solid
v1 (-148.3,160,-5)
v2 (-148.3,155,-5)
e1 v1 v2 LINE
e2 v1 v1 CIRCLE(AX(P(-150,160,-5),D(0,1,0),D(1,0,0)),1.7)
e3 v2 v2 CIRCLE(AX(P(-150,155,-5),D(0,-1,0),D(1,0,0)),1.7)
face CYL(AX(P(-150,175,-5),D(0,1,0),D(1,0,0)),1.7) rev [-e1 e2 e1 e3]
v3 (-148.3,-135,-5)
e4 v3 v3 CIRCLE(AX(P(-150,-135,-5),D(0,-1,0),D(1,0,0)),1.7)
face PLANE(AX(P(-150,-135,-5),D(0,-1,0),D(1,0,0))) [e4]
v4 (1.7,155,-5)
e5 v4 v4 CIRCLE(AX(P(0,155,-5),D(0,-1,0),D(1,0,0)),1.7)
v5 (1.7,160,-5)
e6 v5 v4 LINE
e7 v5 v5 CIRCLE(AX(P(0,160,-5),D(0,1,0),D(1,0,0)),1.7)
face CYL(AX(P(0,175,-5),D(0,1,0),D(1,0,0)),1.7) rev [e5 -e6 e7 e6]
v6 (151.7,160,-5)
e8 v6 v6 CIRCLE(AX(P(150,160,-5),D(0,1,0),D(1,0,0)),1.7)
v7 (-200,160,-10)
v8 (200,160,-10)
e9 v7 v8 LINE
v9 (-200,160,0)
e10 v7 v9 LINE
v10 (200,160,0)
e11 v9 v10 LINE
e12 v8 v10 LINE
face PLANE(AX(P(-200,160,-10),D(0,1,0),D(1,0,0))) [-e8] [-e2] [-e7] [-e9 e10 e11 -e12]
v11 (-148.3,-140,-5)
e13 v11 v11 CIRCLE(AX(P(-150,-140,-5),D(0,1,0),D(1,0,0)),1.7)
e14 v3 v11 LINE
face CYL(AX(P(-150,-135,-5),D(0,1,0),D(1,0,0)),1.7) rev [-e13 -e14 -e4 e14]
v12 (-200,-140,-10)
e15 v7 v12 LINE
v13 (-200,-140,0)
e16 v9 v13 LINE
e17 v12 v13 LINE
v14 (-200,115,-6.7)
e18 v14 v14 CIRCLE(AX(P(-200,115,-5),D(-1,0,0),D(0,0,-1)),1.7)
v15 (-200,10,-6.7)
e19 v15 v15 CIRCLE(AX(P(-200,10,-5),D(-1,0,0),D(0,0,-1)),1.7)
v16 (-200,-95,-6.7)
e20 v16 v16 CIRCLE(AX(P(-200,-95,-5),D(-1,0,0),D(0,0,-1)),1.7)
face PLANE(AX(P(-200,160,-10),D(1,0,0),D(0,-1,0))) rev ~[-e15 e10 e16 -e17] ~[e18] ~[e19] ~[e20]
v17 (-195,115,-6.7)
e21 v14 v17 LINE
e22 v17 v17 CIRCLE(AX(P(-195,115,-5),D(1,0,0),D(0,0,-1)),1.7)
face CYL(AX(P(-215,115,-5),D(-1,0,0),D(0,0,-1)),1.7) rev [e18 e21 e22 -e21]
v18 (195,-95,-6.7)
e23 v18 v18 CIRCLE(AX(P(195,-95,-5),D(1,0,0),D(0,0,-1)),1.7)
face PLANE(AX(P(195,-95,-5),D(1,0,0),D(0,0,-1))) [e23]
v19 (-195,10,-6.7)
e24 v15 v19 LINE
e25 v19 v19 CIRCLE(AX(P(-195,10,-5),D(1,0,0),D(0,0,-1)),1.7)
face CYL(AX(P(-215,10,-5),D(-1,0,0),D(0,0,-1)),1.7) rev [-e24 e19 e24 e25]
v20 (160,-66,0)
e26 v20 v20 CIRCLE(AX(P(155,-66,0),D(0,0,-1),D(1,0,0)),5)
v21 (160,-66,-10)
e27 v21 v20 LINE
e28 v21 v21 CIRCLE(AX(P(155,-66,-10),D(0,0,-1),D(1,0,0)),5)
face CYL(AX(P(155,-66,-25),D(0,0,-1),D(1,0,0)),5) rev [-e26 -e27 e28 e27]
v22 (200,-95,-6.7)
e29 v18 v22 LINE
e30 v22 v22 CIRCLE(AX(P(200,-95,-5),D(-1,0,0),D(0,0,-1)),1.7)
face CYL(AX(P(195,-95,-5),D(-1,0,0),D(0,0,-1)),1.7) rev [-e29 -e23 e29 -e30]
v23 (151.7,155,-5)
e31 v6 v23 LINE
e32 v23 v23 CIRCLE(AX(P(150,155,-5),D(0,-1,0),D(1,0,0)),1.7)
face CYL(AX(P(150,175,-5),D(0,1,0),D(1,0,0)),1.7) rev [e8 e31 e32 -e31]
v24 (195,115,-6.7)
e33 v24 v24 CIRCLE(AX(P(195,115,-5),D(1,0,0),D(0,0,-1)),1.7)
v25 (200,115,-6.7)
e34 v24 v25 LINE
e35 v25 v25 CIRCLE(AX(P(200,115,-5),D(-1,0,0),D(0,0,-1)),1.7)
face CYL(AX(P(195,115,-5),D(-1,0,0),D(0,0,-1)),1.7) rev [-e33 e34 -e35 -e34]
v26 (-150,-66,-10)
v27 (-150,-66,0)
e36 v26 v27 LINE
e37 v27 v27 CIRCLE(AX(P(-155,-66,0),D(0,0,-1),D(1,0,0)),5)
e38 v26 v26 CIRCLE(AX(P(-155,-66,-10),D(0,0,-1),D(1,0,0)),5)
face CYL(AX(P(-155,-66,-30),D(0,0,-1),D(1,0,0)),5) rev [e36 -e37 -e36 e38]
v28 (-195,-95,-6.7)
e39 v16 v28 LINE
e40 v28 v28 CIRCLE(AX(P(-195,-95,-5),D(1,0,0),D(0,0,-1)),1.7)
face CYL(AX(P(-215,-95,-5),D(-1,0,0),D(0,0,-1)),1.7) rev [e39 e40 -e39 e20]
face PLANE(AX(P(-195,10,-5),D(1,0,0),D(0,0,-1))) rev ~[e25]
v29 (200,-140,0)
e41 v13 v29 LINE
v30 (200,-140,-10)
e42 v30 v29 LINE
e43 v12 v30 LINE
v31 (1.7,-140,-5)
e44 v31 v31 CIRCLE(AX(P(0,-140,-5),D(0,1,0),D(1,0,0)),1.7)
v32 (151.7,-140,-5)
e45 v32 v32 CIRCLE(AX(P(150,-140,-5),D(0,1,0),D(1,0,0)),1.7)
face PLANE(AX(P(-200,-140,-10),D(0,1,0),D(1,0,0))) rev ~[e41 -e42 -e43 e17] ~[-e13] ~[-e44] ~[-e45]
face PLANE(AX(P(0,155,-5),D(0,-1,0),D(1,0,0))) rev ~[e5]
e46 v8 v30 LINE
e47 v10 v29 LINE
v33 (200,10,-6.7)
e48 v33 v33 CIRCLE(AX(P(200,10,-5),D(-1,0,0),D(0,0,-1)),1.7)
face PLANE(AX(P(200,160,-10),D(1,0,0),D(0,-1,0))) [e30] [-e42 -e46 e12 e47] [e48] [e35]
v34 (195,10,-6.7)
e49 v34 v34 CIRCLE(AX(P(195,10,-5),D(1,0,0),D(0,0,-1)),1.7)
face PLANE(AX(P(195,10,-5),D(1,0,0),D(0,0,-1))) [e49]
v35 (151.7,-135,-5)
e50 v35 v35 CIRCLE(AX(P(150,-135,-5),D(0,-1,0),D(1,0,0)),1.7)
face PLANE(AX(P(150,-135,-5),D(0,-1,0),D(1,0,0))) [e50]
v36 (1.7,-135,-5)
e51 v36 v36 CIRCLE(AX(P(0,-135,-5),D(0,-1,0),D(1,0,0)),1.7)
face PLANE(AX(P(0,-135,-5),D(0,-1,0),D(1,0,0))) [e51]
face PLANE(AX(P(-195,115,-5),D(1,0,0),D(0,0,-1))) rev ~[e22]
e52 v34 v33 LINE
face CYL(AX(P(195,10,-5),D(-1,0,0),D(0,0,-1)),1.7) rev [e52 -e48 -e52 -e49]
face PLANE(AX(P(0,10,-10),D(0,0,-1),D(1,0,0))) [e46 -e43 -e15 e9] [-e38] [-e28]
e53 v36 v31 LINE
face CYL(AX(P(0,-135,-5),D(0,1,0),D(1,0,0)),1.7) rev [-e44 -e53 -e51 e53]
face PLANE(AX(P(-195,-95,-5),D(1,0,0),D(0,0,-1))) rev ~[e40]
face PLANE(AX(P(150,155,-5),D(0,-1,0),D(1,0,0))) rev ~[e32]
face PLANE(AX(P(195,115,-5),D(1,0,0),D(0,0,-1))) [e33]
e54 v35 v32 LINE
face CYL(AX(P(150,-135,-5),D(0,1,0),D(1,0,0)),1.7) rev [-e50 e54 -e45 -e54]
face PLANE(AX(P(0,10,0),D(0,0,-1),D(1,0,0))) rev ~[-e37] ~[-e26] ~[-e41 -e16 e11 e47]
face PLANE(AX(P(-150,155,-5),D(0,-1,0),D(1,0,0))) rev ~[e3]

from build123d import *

# Parameters (mm, degrees)
CYLINDER050_R           = 1.7
CYLINDER050_DEPTH       = 20
CYLINDER050_PITCH_ANGLE = 90
CYLINDER049_R           = 1.7
CYLINDER049_DEPTH       = 20
CYLINDER049_PITCH_ANGLE = 90
CYLINDER051_R           = 1.7
CYLINDER051_DEPTH       = 20
CYLINDER051_PITCH_ANGLE = 90
CYLINDER047_R           = 1.7
CYLINDER047_DEPTH       = 20
CYLINDER047_PITCH_ANGLE = 90
CYLINDER046_R           = 1.7
CYLINDER046_DEPTH       = 20
CYLINDER046_PITCH_ANGLE = 90
CYLINDER048_R           = 1.7
CYLINDER048_DEPTH       = 20
CYLINDER048_PITCH_ANGLE = 90
SKETCH023_R             = 1.7
PAD021_DEPTH            = 20
SKETCH024_R             = 1.7
PAD022_DEPTH            = 20
CYLINDER001_R           = 5
CYLINDER001_DEPTH       = 50
CYLINDER_R              = 5
CYLINDER_DEPTH          = 50
SKETCH002_W             = 400
SKETCH002_H             = 300
PAD002_DEPTH            = 10


with BuildPart() as cylinder050:
    # Cylinder050 → Cylinder050 (new body)
    with BuildSketch(Plane.XY):
        Circle(CYLINDER050_R)
    extrude(amount=CYLINDER050_DEPTH)


with BuildPart() as cylinder050_1:
    # Cylinder050 pitch: moved
    add(cylinder050.part.rotate(Axis((0, 0, 0), (0, 1, 0)), CYLINDER050_PITCH_ANGLE))


with BuildPart() as cylinder050_2:
    # Cylinder050 placement: moved
    add(cylinder050_1.part.moved(Location((-220, 120, -5))))


with BuildPart() as cylinder049:
    # Cylinder049 → Cylinder049 (new body)
    with BuildSketch(Plane.XY):
        Circle(CYLINDER049_R)
    extrude(amount=CYLINDER049_DEPTH)


with BuildPart() as cylinder049_1:
    # Cylinder049 pitch: moved
    add(cylinder049.part.rotate(Axis((0, 0, 0), (0, 1, 0)), CYLINDER049_PITCH_ANGLE))


with BuildPart() as cylinder049_2:
    # Cylinder049 placement: moved
    add(cylinder049_1.part.moved(Location((-220, -90, -5))))


with BuildPart() as fusion016:
    # Cylinder051 → Cylinder051 (new body)
    with BuildSketch(Plane.XY):
        Circle(CYLINDER051_R)
    extrude(amount=CYLINDER051_DEPTH)


with BuildPart() as fusion016_1:
    # Cylinder051 pitch: moved
    add(fusion016.part.rotate(Axis((0, 0, 0), (0, 1, 0)), CYLINDER051_PITCH_ANGLE))


with BuildPart() as fusion016_2:
    # Cylinder051 placement: moved
    add(fusion016_1.part.moved(Location((-220, 15, -5))))

    # Fusion016: union Cylinder050, Cylinder049
    add(cylinder050_2.part)
    add(cylinder049_2.part)


with BuildPart() as fusion016_3:
    # Fusion016 placement: moved
    add(fusion016_2.part.moved(Location((415, -5, 0))))


with BuildPart() as cylinder047:
    # Cylinder047 → Cylinder047 (new body)
    with BuildSketch(Plane.XY):
        Circle(CYLINDER047_R)
    extrude(amount=CYLINDER047_DEPTH)


with BuildPart() as cylinder047_1:
    # Cylinder047 pitch: moved
    add(cylinder047.part.rotate(Axis((0, 0, 0), (0, 1, 0)), CYLINDER047_PITCH_ANGLE))


with BuildPart() as cylinder047_2:
    # Cylinder047 placement: moved
    add(cylinder047_1.part.moved(Location((-220, 120, -5))))


with BuildPart() as cylinder046:
    # Cylinder046 → Cylinder046 (new body)
    with BuildSketch(Plane.XY):
        Circle(CYLINDER046_R)
    extrude(amount=CYLINDER046_DEPTH)


with BuildPart() as cylinder046_1:
    # Cylinder046 pitch: moved
    add(cylinder046.part.rotate(Axis((0, 0, 0), (0, 1, 0)), CYLINDER046_PITCH_ANGLE))


with BuildPart() as cylinder046_2:
    # Cylinder046 placement: moved
    add(cylinder046_1.part.moved(Location((-220, -90, -5))))


with BuildPart() as fusion015:
    # Cylinder048 → Cylinder048 (new body)
    with BuildSketch(Plane.XY):
        Circle(CYLINDER048_R)
    extrude(amount=CYLINDER048_DEPTH)


with BuildPart() as fusion015_1:
    # Cylinder048 pitch: moved
    add(fusion015.part.rotate(Axis((0, 0, 0), (0, 1, 0)), CYLINDER048_PITCH_ANGLE))


with BuildPart() as fusion015_2:
    # Cylinder048 placement: moved
    add(fusion015_1.part.moved(Location((-220, 15, -5))))

    # Fusion015: union Cylinder047, Cylinder046
    add(cylinder047_2.part)
    add(cylinder046_2.part)


with BuildPart() as fusion015_3:
    # Fusion015 placement: moved
    add(fusion015_2.part.moved(Location((5, -5, 0))))


with BuildPart() as pad021:
    # Sketch023 → Pad021 (new body)
    with BuildSketch(Plane.XZ.offset(135)):
        with Locations((-150, -5)):
            Circle(SKETCH023_R)
        with Locations((0, -5)):
            Circle(SKETCH023_R)
        with Locations((150, -5)):
            Circle(SKETCH023_R)
    extrude(amount=PAD021_DEPTH)


with BuildPart() as fusion017:
    # Sketch024 → Pad022 (new body)
    with BuildSketch(Plane.XZ.offset(-175)):
        with Locations((-150, -5)):
            Circle(SKETCH024_R)
        with Locations((0, -5)):
            Circle(SKETCH024_R)
        with Locations((150, -5)):
            Circle(SKETCH024_R)
    extrude(amount=PAD022_DEPTH)

    # Fusion017: union Fusion016, Fusion015, Pad021
    add(fusion016_3.part)
    add(fusion015_3.part)
    add(pad021.part)


with BuildPart() as cylinder001:
    # Cylinder001 → Cylinder001 (new body)
    with BuildSketch(Plane(origin=(-155, -66, -30), x_dir=(1, 0, 0), z_dir=(0, 0, 1))):
        Circle(CYLINDER001_R)
    extrude(amount=CYLINDER001_DEPTH)


with BuildPart() as fusion018:
    # Cylinder → Cylinder (new body)
    with BuildSketch(Plane(origin=(155, -66, -25), x_dir=(1, 0, 0), z_dir=(0, 0, 1))):
        Circle(CYLINDER_R)
    extrude(amount=CYLINDER_DEPTH)

    # Fusion018: union Cylinder001
    add(cylinder001.part)


with BuildPart() as cut018:
    # Sketch002 → Pad002 (new body)
    with BuildSketch(Plane(origin=(0, 0, -10), x_dir=(1, 0, 0), z_dir=(0, 0, -1))):
        with Locations((0, -10)):
            Rectangle(SKETCH002_W, SKETCH002_H)
    extrude(amount=-PAD002_DEPTH)

    # Cut: cut Fusion018
    add(fusion018.part, mode=Mode.SUBTRACT)

    # Cut018: cut Fusion017
    add(fusion017.part, mode=Mode.SUBTRACT)


solid = cut018.part
